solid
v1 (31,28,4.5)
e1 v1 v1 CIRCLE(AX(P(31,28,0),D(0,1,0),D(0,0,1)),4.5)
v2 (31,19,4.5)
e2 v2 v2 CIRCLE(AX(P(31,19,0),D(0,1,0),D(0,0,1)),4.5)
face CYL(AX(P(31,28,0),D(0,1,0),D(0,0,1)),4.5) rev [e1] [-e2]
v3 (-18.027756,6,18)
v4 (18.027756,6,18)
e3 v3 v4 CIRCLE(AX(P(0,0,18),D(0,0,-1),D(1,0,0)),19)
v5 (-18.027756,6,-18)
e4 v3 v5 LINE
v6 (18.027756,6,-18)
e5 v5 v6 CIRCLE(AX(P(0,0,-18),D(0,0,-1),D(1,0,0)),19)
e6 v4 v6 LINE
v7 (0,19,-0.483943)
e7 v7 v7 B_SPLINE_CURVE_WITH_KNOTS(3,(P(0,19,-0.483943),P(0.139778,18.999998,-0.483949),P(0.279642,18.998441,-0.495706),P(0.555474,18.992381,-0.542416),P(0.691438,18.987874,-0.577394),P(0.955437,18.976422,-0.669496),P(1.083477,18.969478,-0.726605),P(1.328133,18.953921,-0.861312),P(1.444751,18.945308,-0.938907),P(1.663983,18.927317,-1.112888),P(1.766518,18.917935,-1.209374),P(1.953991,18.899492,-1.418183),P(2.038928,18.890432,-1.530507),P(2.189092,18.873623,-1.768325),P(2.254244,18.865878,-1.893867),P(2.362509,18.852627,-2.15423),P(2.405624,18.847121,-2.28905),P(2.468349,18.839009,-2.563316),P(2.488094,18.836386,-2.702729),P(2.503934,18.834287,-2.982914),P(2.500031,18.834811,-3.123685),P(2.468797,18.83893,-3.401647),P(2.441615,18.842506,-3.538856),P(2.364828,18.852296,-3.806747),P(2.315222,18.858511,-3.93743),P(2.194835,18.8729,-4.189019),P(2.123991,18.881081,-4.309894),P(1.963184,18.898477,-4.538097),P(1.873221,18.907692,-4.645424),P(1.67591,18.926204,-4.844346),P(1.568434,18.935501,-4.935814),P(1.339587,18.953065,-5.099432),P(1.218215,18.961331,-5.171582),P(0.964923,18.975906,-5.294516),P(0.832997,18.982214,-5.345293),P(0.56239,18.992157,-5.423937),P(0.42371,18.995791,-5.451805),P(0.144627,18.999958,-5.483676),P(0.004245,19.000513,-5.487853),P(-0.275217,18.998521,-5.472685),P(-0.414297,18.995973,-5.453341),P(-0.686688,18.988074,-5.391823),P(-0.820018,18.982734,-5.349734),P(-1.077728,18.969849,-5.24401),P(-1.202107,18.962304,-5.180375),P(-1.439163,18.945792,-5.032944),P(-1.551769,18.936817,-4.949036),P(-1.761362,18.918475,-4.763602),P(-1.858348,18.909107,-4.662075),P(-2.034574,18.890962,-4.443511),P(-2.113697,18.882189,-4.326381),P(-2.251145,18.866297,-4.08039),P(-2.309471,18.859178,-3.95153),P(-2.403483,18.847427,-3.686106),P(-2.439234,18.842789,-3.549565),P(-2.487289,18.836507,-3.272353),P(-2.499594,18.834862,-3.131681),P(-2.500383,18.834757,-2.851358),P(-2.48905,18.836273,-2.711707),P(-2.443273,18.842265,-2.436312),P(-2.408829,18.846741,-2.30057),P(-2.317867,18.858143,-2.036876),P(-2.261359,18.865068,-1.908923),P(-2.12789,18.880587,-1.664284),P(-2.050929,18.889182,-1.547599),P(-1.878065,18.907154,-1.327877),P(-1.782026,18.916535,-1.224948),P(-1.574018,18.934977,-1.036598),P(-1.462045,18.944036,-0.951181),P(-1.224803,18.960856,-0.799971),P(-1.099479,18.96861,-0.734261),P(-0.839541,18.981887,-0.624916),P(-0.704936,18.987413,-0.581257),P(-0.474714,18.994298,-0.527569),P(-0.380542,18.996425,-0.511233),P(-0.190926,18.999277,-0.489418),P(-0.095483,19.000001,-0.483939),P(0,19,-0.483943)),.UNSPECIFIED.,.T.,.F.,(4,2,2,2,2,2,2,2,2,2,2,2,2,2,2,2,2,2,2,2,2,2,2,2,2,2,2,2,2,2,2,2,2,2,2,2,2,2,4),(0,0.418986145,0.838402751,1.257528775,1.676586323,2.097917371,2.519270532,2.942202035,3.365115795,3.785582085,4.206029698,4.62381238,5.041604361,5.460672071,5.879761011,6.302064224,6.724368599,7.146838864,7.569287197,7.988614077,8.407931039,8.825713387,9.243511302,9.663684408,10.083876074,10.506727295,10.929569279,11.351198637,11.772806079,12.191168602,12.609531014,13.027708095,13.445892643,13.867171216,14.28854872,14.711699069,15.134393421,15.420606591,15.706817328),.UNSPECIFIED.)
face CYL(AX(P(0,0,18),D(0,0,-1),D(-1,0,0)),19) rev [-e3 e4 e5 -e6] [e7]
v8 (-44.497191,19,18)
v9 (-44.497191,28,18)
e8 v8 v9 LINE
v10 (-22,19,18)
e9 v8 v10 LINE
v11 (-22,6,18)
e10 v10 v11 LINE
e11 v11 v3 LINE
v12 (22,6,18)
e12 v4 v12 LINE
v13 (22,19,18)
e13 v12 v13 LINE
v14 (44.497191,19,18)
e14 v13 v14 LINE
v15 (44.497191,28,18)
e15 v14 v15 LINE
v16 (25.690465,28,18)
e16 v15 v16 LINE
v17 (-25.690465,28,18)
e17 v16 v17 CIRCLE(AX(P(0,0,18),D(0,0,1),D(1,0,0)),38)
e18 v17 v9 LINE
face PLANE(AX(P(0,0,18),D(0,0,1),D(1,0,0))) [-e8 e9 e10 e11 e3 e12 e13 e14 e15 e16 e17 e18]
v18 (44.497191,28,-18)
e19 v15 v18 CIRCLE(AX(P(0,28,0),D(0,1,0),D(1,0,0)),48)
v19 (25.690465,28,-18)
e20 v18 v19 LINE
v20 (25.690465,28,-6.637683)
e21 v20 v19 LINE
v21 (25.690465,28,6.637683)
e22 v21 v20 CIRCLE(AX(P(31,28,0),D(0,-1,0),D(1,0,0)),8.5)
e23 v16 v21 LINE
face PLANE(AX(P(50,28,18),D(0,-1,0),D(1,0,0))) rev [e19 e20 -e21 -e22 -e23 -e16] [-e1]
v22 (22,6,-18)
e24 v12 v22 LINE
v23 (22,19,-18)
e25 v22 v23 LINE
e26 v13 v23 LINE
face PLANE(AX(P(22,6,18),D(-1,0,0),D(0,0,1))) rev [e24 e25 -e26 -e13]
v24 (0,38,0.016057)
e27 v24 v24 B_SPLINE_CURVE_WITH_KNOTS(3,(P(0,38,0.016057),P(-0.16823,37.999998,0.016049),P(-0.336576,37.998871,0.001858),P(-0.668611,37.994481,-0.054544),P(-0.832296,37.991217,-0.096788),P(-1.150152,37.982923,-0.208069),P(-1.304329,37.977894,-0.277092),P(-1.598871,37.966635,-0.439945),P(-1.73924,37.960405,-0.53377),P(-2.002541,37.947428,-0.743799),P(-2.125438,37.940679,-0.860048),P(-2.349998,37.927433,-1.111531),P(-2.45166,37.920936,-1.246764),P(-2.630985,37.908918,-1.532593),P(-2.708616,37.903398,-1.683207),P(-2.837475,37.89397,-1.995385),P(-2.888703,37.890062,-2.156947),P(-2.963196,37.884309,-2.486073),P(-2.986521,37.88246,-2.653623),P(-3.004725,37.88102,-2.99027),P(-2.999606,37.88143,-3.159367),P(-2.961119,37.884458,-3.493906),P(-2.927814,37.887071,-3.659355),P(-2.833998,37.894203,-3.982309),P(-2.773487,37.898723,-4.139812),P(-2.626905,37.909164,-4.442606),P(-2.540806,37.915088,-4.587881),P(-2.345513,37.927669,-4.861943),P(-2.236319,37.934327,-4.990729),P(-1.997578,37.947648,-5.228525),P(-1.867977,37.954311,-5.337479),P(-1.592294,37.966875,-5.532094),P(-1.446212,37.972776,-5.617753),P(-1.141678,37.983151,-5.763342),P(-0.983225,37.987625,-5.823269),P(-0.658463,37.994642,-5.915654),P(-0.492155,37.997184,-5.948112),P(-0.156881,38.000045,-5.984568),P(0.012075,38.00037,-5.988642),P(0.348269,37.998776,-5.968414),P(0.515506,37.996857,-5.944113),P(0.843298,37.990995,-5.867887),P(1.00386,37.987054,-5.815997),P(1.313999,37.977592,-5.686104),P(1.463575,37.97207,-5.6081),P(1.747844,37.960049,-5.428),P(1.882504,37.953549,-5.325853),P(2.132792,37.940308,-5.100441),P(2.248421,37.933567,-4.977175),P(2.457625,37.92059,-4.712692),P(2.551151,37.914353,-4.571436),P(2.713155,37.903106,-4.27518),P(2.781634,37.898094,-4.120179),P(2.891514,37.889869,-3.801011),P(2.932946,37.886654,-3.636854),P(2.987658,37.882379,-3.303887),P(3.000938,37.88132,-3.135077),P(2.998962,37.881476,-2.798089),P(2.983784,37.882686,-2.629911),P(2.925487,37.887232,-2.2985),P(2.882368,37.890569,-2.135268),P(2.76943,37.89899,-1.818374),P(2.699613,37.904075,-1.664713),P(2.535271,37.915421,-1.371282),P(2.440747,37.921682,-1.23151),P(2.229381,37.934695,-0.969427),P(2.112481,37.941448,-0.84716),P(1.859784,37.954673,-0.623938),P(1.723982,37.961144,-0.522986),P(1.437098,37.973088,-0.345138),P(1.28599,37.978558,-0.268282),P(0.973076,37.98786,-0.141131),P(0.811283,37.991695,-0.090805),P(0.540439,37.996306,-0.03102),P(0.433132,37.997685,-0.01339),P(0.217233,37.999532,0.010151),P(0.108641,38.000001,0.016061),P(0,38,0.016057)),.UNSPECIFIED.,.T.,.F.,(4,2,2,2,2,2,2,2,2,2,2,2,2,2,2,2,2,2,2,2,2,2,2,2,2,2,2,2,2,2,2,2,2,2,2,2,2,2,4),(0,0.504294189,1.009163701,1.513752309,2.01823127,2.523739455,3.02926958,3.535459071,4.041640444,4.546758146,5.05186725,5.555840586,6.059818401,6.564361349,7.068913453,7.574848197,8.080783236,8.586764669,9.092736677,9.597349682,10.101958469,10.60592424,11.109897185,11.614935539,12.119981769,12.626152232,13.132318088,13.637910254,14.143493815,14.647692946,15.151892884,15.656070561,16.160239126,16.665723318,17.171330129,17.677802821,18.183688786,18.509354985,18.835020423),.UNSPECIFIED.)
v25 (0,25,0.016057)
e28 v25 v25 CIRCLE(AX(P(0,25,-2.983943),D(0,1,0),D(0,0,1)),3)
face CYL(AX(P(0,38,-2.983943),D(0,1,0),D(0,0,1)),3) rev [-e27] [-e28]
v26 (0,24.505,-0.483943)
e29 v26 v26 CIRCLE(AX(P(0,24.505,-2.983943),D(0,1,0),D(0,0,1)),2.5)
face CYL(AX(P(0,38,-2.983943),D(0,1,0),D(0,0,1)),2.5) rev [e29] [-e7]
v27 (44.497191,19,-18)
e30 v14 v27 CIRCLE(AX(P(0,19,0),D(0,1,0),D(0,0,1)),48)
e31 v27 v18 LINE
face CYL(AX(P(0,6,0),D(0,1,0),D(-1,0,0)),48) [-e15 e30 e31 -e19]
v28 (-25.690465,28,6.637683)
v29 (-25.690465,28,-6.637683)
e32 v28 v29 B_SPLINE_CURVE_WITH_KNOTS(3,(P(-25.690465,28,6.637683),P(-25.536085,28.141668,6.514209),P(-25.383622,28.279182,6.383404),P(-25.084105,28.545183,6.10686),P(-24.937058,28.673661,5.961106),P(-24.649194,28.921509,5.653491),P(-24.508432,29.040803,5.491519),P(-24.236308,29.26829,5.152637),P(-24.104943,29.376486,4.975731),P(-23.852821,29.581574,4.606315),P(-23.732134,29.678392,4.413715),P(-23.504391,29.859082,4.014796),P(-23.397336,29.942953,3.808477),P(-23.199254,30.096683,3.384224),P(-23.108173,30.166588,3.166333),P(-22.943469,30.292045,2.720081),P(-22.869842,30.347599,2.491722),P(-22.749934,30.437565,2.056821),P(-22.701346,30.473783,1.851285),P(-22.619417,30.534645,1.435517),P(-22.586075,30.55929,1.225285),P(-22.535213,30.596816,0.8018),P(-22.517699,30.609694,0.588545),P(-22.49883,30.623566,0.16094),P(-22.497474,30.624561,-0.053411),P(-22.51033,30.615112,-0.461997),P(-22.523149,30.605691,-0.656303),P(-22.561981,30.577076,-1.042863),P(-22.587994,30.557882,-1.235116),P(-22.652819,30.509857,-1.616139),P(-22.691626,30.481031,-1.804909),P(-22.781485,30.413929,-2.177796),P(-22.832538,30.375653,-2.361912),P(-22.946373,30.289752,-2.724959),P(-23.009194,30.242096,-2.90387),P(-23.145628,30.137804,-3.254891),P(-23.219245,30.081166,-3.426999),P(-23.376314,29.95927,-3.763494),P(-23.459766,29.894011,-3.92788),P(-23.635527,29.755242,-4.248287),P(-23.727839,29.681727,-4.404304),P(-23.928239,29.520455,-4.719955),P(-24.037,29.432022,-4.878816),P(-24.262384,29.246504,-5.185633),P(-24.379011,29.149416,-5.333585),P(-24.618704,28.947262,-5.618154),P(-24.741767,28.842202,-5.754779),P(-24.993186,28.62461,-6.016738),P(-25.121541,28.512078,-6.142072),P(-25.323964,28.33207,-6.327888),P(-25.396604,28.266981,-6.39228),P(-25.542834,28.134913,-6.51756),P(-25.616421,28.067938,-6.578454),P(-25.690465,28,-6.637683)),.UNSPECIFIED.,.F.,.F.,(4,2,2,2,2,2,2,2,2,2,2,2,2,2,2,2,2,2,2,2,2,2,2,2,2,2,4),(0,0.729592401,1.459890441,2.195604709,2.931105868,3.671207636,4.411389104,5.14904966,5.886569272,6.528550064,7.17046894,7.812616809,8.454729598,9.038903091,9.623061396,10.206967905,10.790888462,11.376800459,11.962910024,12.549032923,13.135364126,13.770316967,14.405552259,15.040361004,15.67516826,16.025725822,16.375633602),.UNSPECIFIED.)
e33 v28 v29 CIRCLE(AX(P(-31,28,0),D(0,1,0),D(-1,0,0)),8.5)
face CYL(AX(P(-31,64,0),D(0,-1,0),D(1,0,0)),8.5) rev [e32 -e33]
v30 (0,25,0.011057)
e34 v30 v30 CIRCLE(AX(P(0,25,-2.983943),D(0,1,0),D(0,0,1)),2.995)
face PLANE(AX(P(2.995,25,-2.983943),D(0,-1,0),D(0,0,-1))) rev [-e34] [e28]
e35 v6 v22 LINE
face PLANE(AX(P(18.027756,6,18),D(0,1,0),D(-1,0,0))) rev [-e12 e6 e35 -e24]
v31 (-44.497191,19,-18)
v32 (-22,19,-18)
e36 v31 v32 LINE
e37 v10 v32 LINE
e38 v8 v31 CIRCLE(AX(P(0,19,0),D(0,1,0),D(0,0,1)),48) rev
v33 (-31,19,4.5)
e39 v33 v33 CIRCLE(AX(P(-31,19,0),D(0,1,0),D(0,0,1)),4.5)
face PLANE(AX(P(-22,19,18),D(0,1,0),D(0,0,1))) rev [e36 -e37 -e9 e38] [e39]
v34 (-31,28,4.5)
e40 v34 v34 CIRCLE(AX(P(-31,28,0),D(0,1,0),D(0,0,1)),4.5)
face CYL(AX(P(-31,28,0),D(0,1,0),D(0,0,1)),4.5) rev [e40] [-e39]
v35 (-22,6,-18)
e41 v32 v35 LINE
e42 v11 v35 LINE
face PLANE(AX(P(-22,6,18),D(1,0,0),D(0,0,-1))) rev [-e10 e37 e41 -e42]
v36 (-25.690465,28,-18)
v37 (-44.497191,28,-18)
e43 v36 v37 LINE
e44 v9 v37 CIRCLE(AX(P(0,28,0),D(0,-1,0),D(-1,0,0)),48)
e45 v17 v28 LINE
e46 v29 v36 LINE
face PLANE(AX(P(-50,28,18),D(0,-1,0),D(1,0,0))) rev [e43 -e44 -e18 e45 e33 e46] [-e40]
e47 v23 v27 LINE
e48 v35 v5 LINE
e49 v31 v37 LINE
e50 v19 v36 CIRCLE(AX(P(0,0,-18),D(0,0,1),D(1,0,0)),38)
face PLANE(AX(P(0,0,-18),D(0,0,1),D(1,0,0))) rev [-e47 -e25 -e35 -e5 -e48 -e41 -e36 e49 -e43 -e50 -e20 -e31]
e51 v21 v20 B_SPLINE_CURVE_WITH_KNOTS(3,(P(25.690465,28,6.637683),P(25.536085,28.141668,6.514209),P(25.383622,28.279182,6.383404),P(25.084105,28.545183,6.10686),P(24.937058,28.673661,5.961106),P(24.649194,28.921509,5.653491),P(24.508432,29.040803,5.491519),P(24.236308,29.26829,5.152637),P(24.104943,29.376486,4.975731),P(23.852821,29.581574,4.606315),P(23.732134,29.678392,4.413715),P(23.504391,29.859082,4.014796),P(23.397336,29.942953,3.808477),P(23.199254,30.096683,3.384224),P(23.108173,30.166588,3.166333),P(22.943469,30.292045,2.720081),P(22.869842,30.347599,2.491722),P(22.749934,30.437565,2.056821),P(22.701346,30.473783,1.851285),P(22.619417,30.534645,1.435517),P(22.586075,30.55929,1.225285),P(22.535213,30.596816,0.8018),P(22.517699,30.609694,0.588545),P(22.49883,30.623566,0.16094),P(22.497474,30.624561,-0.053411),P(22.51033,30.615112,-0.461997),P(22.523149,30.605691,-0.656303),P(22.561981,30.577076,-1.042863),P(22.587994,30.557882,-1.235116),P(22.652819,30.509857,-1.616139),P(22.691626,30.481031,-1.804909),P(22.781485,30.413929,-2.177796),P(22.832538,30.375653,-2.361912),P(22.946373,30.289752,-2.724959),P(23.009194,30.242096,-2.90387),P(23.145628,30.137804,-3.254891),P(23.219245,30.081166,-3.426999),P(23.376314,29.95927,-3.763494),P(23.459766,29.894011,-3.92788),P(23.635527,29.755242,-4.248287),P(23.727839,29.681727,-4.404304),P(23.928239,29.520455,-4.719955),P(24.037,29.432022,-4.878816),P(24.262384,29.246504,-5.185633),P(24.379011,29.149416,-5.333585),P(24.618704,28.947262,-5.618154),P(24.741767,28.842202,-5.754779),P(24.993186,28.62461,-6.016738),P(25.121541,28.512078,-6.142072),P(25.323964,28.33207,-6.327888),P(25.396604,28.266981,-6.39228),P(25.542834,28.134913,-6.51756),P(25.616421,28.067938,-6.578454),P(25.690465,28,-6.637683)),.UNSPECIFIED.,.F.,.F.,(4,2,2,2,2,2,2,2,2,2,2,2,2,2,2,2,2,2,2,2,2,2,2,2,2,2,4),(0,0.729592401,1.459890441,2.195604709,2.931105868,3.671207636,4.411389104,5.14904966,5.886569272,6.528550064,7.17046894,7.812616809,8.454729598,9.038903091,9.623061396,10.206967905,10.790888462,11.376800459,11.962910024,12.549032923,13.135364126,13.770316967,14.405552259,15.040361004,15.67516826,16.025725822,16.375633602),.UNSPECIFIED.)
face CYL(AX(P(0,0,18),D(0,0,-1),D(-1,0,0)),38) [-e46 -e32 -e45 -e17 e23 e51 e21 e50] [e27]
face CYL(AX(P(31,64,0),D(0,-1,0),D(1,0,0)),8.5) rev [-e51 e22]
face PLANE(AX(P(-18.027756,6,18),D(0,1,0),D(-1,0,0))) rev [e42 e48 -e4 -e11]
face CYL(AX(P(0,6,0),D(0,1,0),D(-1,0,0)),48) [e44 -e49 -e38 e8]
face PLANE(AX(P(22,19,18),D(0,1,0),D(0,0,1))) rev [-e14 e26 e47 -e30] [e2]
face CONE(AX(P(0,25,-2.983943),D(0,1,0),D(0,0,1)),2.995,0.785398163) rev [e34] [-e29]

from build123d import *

# Parameters (mm, degrees)
BOSS_EXTRUDE1_DEPTH    = 18
CUT_EXTRUDE1_DEPTH     = 23
F_12_0MM_DOWEL_HOLE3_D = 9
CUT_EXTRUDE5_DEPTH     = 36


with BuildPart() as part:
    # Sketch1 → Boss-Extrude1 (new body, symmetric)
    with BuildSketch(Plane.XY):
        with BuildLine():
            Line((18.027756377, 6), (22, 6))
            Line((22, 6), (22, 19))
            Line((22, 19), (50, 19))
            Line((50, 19), (50, 28))
            Line((50, 28), (25.690465157, 28))
            ThreePointArc((25.690465157, 28), (0, 38), (-25.690465157, 28))
            Line((-25.690465157, 28), (-50, 28))
            Line((-50, 28), (-50, 19))
            Line((-50, 19), (-22, 19))
            Line((-22, 19), (-22, 6))
            Line((-22, 6), (-18.027756377, 6))
            ThreePointArc((-18.027756377, 6), (0, 19), (18.027756377, 6))
        make_face()
    extrude(amount=BOSS_EXTRUDE1_DEPTH, both=True)

    # Sketch3 → Cut-Extrude1 (cut, through all)
    with BuildSketch(Plane(origin=(0, 28, 0), x_dir=(1, 0, 0), z_dir=(0, 1, 0))):
        with BuildLine():
            Line((-44.497190923, 18), (-50, 18))
            Line((-50, 18), (-50, -18))
            Line((-50, -18), (-44.497190923, -18))
            ThreePointArc((-44.497190923, -18), (-48, 0), (-44.497190923, 18))
        make_face()
    cut_extrude1 = extrude(amount=-CUT_EXTRUDE1_DEPTH, mode=Mode.SUBTRACT)

    # Ø12.0mm Dowel Hole3 (through all)
    with Locations(Plane(origin=(0, 28, 0), x_dir=(1, 0, 0), z_dir=(0, 1, 0))):
        with Locations((-31, 0)):
            f_12_0mm_dowel_hole3 = Hole(F_12_0MM_DOWEL_HOLE3_D / 2)

    # Sketch17 → Cut-Extrude5 (cut)
    with BuildSketch(Plane(origin=(0, 28, 0), x_dir=(1, 0, 0), z_dir=(0, 1, 0))):
        with BuildLine():
            Line((-25.690465157, -6.637683312), (-25.690465157, 6.637683312))
            ThreePointArc((-25.690465157, 6.637683312), (-22.5, 0), (-25.690465157, -6.637683312))
        make_face()
    cut_extrude5 = extrude(amount=CUT_EXTRUDE5_DEPTH, mode=Mode.SUBTRACT)

    # Sketch20 → CBORE for M6 Hex Head Bolt1 (revolve, cut)
    with BuildSketch(Plane(origin=(0, 38, -2.983943356), x_dir=(0, 0, 1), z_dir=(1, 0, 0))):
        Polygon((0, 0), (0, 32), (2.5, 32), (2.5, 13.495), (2.995, 13), (3, 13), (3, 0), align=None)
    cbore_for_m6_hex_head_bolt1 = revolve(axis=Axis((0, 44.35, -2.983943356), (0, -1, 0)), mode=Mode.SUBTRACT)

    # Mirror1: Cut-Extrude1, Ø12.0mm Dowel Hole3, Cut-Extrude5, CBORE for M6 Hex Head Bolt1 across plane
    add(cut_extrude1.mirror(Plane(origin=(0, 0, 0), x_dir=(0, 0, 1), z_dir=(1, 0, 0))), mode=Mode.SUBTRACT)
    add(f_12_0mm_dowel_hole3.mirror(Plane(origin=(0, 0, 0), x_dir=(0, 0, 1), z_dir=(1, 0, 0))), mode=Mode.SUBTRACT)
    add(cut_extrude5.mirror(Plane(origin=(0, 0, 0), x_dir=(0, 0, 1), z_dir=(1, 0, 0))), mode=Mode.SUBTRACT)
    add(cbore_for_m6_hex_head_bolt1.mirror(Plane(origin=(0, 0, 0), x_dir=(0, 0, 1), z_dir=(1, 0, 0))), mode=Mode.SUBTRACT)


solid = part.part
